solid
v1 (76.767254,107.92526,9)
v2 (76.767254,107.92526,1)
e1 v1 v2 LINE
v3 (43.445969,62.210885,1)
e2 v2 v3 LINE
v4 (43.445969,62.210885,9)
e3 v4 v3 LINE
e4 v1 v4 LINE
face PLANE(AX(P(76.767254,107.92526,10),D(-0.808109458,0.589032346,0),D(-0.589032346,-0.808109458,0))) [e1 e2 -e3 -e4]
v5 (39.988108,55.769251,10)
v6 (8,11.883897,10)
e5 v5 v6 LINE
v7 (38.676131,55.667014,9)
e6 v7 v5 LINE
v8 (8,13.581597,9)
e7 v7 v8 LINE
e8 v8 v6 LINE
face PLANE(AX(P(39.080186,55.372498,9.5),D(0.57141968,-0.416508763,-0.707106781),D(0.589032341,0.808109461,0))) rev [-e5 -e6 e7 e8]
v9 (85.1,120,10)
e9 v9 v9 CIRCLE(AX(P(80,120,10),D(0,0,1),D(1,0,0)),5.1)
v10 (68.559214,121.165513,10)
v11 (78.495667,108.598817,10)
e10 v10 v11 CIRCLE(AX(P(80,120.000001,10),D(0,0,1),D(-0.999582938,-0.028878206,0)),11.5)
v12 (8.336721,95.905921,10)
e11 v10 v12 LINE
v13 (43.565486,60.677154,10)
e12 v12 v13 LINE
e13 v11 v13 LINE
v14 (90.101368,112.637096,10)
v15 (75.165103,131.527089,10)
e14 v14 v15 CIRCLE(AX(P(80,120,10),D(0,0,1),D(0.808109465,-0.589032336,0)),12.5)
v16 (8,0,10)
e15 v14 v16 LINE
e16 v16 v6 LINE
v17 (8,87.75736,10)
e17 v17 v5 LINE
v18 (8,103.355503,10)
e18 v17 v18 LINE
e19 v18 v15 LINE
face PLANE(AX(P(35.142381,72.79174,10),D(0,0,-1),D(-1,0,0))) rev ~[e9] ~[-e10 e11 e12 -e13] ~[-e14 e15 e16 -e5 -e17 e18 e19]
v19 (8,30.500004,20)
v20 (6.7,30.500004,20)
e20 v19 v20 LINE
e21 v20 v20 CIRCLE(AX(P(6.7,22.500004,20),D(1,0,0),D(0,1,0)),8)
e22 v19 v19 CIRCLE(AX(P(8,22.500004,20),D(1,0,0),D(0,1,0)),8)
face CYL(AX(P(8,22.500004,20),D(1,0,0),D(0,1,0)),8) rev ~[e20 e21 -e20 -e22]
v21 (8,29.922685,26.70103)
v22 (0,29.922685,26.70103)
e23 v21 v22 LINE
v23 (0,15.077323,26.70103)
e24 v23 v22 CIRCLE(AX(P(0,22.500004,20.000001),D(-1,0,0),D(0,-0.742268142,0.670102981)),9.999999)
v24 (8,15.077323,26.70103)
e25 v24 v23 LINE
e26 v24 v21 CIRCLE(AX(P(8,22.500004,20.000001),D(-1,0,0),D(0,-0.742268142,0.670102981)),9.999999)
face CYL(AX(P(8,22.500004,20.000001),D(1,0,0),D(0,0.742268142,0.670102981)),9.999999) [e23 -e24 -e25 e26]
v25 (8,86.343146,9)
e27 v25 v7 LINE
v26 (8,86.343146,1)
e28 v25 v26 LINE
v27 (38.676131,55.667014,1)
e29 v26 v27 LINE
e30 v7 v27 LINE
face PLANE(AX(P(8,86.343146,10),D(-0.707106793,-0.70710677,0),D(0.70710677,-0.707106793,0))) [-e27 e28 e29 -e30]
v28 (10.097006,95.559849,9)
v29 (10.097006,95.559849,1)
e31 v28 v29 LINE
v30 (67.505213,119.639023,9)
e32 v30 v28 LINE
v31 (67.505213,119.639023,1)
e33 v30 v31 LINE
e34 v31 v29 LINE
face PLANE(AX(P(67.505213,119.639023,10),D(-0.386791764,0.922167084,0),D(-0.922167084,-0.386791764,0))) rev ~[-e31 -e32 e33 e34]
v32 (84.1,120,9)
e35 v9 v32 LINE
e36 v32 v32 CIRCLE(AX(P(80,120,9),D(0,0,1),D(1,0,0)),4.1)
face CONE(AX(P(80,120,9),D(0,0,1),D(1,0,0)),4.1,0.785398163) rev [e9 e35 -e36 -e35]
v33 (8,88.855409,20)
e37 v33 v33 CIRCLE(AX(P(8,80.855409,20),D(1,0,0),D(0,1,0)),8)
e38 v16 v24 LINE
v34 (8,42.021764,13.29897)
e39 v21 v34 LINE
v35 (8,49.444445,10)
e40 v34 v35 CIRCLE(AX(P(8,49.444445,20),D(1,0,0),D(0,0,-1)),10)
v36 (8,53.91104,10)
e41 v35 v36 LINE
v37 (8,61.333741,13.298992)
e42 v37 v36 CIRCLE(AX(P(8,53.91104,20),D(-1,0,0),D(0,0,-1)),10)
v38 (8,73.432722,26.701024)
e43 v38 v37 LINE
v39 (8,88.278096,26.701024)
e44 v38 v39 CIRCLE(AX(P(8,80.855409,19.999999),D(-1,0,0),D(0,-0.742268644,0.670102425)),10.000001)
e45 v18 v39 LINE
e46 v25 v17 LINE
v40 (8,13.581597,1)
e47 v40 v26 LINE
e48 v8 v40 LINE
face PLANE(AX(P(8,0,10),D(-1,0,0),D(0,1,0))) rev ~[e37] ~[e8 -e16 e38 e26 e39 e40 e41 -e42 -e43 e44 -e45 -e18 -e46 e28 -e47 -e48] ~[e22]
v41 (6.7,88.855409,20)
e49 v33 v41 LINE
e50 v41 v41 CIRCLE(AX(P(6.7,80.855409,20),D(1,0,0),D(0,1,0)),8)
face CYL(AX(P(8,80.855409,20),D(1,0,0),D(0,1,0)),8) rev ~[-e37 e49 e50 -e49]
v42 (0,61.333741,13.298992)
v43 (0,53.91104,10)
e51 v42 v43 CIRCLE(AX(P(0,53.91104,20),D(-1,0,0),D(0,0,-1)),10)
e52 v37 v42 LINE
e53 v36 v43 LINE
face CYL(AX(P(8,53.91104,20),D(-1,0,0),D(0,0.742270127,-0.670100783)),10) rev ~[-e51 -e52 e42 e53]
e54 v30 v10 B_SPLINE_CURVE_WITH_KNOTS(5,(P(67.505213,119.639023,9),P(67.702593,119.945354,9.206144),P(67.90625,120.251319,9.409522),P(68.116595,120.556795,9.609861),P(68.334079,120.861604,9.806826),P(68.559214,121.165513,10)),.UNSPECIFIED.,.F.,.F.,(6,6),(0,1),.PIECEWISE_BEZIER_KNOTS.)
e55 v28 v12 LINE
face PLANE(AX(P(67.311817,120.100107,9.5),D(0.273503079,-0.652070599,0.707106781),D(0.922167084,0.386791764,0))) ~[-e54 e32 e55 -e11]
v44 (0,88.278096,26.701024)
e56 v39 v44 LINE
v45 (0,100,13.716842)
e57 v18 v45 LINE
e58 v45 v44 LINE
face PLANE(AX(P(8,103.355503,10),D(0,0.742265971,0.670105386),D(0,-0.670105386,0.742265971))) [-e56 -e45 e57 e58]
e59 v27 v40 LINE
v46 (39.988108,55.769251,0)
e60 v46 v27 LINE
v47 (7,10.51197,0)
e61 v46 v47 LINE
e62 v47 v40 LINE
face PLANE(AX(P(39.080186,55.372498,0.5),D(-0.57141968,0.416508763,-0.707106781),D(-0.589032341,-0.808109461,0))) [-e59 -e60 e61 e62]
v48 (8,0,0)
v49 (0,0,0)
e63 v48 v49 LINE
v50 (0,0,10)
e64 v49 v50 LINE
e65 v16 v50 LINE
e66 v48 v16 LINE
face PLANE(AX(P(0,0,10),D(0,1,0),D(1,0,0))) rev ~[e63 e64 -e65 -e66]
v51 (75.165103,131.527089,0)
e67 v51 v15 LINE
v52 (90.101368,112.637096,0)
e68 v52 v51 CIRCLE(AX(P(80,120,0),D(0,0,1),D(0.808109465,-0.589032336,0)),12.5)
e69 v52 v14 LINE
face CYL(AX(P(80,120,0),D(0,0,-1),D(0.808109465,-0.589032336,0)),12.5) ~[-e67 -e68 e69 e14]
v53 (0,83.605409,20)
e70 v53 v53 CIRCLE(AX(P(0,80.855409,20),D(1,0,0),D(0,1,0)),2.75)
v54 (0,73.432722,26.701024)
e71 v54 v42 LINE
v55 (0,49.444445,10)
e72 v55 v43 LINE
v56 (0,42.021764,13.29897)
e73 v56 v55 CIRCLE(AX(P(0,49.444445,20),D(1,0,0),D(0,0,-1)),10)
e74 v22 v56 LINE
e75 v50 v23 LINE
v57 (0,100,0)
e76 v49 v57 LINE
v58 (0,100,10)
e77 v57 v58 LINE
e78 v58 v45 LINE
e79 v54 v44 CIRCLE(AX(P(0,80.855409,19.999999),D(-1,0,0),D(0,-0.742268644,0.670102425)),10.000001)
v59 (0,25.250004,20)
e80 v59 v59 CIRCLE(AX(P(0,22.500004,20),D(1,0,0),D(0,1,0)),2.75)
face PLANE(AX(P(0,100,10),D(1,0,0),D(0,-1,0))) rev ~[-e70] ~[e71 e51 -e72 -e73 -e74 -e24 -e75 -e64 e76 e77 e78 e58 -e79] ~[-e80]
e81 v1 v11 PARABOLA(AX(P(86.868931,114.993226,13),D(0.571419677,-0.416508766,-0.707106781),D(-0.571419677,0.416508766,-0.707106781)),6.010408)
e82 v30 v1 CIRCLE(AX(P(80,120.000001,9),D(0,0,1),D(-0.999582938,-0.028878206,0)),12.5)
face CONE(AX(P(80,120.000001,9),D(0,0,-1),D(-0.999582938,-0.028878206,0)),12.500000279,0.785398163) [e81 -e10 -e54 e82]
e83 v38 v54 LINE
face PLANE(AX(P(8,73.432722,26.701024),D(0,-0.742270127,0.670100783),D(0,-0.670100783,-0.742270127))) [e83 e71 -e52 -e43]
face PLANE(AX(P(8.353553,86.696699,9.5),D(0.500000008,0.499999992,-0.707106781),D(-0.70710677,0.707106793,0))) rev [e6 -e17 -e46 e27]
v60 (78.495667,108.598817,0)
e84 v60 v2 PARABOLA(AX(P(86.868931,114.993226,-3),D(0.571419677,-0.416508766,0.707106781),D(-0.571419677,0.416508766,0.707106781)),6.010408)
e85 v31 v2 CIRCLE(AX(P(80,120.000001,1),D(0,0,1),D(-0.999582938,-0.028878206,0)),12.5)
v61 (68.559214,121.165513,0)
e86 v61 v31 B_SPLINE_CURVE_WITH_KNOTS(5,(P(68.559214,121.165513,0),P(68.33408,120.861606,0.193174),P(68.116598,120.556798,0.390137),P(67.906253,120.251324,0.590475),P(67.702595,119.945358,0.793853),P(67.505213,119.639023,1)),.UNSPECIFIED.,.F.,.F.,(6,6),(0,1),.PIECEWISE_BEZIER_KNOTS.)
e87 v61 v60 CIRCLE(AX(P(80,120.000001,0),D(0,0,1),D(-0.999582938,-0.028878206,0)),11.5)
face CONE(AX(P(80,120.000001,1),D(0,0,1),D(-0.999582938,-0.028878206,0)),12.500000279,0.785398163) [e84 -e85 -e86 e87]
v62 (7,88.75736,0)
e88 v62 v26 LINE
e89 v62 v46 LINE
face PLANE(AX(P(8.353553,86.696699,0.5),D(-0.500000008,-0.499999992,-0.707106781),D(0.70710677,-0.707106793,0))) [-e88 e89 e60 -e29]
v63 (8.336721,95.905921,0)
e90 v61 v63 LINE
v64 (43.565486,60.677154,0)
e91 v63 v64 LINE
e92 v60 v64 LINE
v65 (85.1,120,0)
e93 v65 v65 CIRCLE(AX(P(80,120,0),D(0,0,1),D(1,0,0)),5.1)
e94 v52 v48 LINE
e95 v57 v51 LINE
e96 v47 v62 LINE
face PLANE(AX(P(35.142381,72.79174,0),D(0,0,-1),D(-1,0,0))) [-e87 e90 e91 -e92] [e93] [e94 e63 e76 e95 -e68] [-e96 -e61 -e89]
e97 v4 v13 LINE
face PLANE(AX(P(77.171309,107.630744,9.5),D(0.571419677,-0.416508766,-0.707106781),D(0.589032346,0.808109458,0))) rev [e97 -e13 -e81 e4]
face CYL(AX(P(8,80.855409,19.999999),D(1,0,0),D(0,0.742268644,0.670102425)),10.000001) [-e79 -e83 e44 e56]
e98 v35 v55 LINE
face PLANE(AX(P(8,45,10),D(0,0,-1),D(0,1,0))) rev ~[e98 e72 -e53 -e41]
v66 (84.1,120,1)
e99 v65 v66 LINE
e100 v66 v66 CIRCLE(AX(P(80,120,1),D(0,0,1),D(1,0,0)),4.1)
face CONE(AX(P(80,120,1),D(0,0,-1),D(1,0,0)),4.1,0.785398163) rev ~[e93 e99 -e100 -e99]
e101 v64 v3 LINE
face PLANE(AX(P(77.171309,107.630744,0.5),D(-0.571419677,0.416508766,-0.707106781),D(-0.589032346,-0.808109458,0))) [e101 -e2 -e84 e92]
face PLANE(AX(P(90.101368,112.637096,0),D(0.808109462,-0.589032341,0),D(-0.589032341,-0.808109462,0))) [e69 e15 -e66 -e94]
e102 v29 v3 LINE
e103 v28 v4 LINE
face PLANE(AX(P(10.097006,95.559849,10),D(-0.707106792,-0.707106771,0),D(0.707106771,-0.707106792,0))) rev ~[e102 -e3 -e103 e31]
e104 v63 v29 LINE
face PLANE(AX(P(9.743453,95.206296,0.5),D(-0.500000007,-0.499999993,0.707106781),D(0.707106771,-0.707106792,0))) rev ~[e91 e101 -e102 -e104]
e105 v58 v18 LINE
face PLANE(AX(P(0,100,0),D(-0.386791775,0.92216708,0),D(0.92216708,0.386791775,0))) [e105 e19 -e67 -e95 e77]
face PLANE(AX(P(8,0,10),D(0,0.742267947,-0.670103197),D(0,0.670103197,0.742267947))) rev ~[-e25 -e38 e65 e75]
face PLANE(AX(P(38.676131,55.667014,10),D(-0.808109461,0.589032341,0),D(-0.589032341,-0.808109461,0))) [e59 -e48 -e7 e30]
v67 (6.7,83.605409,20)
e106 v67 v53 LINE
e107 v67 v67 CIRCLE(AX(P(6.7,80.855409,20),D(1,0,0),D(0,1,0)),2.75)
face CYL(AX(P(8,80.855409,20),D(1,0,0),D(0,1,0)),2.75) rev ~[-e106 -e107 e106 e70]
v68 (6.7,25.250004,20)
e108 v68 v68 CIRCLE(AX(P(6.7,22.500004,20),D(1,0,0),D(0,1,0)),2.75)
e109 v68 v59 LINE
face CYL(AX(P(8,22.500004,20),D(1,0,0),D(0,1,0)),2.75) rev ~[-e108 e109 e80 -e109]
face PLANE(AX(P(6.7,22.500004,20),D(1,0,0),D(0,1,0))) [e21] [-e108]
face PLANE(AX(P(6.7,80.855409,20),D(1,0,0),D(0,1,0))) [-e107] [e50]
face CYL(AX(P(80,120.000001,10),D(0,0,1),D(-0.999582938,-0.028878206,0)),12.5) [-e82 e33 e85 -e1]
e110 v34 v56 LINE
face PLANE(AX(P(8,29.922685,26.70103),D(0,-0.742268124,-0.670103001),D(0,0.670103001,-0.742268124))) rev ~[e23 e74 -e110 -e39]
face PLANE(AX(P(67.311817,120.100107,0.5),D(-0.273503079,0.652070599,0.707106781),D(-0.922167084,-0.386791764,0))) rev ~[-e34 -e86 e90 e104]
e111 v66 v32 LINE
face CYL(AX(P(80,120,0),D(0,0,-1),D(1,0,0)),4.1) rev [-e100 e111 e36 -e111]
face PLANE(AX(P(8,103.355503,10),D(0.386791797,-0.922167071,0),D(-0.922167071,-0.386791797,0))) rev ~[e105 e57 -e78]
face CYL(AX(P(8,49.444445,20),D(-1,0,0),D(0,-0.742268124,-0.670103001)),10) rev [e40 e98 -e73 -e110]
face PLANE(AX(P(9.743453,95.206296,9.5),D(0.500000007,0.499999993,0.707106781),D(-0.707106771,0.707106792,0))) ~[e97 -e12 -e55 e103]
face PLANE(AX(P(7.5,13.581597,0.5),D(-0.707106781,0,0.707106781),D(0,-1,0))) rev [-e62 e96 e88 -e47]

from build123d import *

# Parameters (mm, degrees)
SKETCH_R        = 4.1
PAD_DEPTH       = 10
POCKET_DEPTH    = 10
PAD001_DEPTH    = 20
POCKET001_DEPTH = 10
CHAMFER_SIZE    = 1
CHAMFER001_SIZE = 1
SKETCH004_R     = 2.75
POCKET002_DEPTH = 8.001
SKETCH005_R     = 8
POCKET003_DEPTH = 1.3
FILLET_R        = 10


with BuildPart() as part:
    # Sketch → Pad (new body)
    with BuildSketch(Plane.XY):
        with BuildLine():
            Line((0, 0), (0, 100))
            Line((0, 100), (75.165103, 131.527089))
            ThreePointArc((90.101368, 112.637096), (89.805197, 127.752942), (75.165103, 131.527089))
            Line((90.101368, 112.637096), (8, 0))
            Line((8, 0), (0, 0))
        make_face()
        with Locations((80, 120)):
            Circle(SKETCH_R, mode=Mode.SUBTRACT)
    extrude(amount=PAD_DEPTH)

    # Sketch001 (on DatumPlane) → Pocket (cut)
    with BuildSketch(Plane.XY.offset(10)):
        Polygon((8, 13.581597), (8, 86.343146), (38.676131, 55.667014), align=None)
        with BuildLine():
            ThreePointArc((67.505213, 119.639023), (70.194803, 112.247058), (76.767254, 107.92526))
            Line((76.767254, 107.92526), (43.445969, 62.210885))
            Line((10.097006, 95.559849), (43.445969, 62.210885))
            Line((67.505213, 119.639023), (10.097006, 95.559849))
        make_face()
    extrude(amount=-POCKET_DEPTH, mode=Mode.SUBTRACT)

    # Sketch003 (on DatumPlane) → Pad001 (join)
    with BuildSketch(Plane.XY.offset(10)):
        Polygon((0, 100), (0, 0), (8, 0), (8, 103.355503), align=None)
    extrude(amount=PAD001_DEPTH)

    # Sketch002 (on DatumPlane) → Pocket001 (cut)
    with BuildSketch(Plane.YZ.offset(8)):
        with BuildLine():
            Line((0, 10), (15.077323, 26.70103))
            ThreePointArc((29.922685, 26.70103), (22.500004, 30), (15.077323, 26.70103))
            Line((29.922685, 26.70103), (45, 10))
            Line((45, 10), (58.355503, 10))
            Line((73.432722, 26.701024), (58.355503, 10))
            ThreePointArc((88.278096, 26.701024), (80.855409, 30), (73.432722, 26.701024))
            Line((103.355503, 10), (88.278096, 26.701024))
            Line((103.355503, 10), (128.355503, 10))
            Line((128.355503, 50), (128.355503, 10))
            Line((-25, 50), (128.355503, 50))
            Line((-25, 10), (-25, 50))
            Line((0, 10), (-25, 10))
        make_face()
    extrude(amount=-POCKET001_DEPTH, mode=Mode.SUBTRACT)

    # Chamfer
    chamfer_edges = [part.edges().sort_by_distance(p)[0] for p in [
        (75.9, 120, 10),
        (75.9, 120, 0),
    ]]
    chamfer(chamfer_edges, length=CHAMFER_SIZE)

    # Chamfer001
    chamfer001_edges = [part.edges().sort_by_distance(p)[0] for p in [
        (38.801109, 107.599436, 10),
        (70.194803, 112.247058, 10),
        (60.106612, 85.068072, 10),
        (26.771487, 78.885367, 10),
        (23.338066, 71.00508, 10),
        (23.338066, 34.624306, 10),
        (70.194803, 112.247058, 0),
        (60.106612, 85.068072, 0),
        (26.771487, 78.885367, 0),
        (38.801109, 107.599436, 0),
        (23.338066, 34.624306, 0),
        (8, 49.962371, 0),
        (23.338066, 71.00508, 0),
    ]]
    chamfer(chamfer001_edges, length=CHAMFER001_SIZE)

    # Sketch004 (on DatumPlane) → Pocket002 (cut, through all)
    with BuildSketch(Plane.YZ.offset(8)):
        with Locations((22.500004, 20)):
            Circle(SKETCH004_R)
        with Locations((80.855409, 20)):
            Circle(SKETCH004_R)
    extrude(amount=-POCKET002_DEPTH, mode=Mode.SUBTRACT)

    # Sketch005 (on DatumPlane) → Pocket003 (cut)
    with BuildSketch(Plane.YZ.offset(8)):
        with Locations((22.500004, 20)):
            Circle(SKETCH005_R)
        with Locations((80.855409, 20)):
            Circle(SKETCH005_R)
    extrude(amount=-POCKET003_DEPTH, mode=Mode.SUBTRACT)

    # Fillet
    fillet_edges = [part.edges().sort_by_distance(p)[0] for p in [
        (4, 58.355503, 10),
        (4, 45, 10),
    ]]
    fillet(fillet_edges, radius=FILLET_R)


solid = part.part
